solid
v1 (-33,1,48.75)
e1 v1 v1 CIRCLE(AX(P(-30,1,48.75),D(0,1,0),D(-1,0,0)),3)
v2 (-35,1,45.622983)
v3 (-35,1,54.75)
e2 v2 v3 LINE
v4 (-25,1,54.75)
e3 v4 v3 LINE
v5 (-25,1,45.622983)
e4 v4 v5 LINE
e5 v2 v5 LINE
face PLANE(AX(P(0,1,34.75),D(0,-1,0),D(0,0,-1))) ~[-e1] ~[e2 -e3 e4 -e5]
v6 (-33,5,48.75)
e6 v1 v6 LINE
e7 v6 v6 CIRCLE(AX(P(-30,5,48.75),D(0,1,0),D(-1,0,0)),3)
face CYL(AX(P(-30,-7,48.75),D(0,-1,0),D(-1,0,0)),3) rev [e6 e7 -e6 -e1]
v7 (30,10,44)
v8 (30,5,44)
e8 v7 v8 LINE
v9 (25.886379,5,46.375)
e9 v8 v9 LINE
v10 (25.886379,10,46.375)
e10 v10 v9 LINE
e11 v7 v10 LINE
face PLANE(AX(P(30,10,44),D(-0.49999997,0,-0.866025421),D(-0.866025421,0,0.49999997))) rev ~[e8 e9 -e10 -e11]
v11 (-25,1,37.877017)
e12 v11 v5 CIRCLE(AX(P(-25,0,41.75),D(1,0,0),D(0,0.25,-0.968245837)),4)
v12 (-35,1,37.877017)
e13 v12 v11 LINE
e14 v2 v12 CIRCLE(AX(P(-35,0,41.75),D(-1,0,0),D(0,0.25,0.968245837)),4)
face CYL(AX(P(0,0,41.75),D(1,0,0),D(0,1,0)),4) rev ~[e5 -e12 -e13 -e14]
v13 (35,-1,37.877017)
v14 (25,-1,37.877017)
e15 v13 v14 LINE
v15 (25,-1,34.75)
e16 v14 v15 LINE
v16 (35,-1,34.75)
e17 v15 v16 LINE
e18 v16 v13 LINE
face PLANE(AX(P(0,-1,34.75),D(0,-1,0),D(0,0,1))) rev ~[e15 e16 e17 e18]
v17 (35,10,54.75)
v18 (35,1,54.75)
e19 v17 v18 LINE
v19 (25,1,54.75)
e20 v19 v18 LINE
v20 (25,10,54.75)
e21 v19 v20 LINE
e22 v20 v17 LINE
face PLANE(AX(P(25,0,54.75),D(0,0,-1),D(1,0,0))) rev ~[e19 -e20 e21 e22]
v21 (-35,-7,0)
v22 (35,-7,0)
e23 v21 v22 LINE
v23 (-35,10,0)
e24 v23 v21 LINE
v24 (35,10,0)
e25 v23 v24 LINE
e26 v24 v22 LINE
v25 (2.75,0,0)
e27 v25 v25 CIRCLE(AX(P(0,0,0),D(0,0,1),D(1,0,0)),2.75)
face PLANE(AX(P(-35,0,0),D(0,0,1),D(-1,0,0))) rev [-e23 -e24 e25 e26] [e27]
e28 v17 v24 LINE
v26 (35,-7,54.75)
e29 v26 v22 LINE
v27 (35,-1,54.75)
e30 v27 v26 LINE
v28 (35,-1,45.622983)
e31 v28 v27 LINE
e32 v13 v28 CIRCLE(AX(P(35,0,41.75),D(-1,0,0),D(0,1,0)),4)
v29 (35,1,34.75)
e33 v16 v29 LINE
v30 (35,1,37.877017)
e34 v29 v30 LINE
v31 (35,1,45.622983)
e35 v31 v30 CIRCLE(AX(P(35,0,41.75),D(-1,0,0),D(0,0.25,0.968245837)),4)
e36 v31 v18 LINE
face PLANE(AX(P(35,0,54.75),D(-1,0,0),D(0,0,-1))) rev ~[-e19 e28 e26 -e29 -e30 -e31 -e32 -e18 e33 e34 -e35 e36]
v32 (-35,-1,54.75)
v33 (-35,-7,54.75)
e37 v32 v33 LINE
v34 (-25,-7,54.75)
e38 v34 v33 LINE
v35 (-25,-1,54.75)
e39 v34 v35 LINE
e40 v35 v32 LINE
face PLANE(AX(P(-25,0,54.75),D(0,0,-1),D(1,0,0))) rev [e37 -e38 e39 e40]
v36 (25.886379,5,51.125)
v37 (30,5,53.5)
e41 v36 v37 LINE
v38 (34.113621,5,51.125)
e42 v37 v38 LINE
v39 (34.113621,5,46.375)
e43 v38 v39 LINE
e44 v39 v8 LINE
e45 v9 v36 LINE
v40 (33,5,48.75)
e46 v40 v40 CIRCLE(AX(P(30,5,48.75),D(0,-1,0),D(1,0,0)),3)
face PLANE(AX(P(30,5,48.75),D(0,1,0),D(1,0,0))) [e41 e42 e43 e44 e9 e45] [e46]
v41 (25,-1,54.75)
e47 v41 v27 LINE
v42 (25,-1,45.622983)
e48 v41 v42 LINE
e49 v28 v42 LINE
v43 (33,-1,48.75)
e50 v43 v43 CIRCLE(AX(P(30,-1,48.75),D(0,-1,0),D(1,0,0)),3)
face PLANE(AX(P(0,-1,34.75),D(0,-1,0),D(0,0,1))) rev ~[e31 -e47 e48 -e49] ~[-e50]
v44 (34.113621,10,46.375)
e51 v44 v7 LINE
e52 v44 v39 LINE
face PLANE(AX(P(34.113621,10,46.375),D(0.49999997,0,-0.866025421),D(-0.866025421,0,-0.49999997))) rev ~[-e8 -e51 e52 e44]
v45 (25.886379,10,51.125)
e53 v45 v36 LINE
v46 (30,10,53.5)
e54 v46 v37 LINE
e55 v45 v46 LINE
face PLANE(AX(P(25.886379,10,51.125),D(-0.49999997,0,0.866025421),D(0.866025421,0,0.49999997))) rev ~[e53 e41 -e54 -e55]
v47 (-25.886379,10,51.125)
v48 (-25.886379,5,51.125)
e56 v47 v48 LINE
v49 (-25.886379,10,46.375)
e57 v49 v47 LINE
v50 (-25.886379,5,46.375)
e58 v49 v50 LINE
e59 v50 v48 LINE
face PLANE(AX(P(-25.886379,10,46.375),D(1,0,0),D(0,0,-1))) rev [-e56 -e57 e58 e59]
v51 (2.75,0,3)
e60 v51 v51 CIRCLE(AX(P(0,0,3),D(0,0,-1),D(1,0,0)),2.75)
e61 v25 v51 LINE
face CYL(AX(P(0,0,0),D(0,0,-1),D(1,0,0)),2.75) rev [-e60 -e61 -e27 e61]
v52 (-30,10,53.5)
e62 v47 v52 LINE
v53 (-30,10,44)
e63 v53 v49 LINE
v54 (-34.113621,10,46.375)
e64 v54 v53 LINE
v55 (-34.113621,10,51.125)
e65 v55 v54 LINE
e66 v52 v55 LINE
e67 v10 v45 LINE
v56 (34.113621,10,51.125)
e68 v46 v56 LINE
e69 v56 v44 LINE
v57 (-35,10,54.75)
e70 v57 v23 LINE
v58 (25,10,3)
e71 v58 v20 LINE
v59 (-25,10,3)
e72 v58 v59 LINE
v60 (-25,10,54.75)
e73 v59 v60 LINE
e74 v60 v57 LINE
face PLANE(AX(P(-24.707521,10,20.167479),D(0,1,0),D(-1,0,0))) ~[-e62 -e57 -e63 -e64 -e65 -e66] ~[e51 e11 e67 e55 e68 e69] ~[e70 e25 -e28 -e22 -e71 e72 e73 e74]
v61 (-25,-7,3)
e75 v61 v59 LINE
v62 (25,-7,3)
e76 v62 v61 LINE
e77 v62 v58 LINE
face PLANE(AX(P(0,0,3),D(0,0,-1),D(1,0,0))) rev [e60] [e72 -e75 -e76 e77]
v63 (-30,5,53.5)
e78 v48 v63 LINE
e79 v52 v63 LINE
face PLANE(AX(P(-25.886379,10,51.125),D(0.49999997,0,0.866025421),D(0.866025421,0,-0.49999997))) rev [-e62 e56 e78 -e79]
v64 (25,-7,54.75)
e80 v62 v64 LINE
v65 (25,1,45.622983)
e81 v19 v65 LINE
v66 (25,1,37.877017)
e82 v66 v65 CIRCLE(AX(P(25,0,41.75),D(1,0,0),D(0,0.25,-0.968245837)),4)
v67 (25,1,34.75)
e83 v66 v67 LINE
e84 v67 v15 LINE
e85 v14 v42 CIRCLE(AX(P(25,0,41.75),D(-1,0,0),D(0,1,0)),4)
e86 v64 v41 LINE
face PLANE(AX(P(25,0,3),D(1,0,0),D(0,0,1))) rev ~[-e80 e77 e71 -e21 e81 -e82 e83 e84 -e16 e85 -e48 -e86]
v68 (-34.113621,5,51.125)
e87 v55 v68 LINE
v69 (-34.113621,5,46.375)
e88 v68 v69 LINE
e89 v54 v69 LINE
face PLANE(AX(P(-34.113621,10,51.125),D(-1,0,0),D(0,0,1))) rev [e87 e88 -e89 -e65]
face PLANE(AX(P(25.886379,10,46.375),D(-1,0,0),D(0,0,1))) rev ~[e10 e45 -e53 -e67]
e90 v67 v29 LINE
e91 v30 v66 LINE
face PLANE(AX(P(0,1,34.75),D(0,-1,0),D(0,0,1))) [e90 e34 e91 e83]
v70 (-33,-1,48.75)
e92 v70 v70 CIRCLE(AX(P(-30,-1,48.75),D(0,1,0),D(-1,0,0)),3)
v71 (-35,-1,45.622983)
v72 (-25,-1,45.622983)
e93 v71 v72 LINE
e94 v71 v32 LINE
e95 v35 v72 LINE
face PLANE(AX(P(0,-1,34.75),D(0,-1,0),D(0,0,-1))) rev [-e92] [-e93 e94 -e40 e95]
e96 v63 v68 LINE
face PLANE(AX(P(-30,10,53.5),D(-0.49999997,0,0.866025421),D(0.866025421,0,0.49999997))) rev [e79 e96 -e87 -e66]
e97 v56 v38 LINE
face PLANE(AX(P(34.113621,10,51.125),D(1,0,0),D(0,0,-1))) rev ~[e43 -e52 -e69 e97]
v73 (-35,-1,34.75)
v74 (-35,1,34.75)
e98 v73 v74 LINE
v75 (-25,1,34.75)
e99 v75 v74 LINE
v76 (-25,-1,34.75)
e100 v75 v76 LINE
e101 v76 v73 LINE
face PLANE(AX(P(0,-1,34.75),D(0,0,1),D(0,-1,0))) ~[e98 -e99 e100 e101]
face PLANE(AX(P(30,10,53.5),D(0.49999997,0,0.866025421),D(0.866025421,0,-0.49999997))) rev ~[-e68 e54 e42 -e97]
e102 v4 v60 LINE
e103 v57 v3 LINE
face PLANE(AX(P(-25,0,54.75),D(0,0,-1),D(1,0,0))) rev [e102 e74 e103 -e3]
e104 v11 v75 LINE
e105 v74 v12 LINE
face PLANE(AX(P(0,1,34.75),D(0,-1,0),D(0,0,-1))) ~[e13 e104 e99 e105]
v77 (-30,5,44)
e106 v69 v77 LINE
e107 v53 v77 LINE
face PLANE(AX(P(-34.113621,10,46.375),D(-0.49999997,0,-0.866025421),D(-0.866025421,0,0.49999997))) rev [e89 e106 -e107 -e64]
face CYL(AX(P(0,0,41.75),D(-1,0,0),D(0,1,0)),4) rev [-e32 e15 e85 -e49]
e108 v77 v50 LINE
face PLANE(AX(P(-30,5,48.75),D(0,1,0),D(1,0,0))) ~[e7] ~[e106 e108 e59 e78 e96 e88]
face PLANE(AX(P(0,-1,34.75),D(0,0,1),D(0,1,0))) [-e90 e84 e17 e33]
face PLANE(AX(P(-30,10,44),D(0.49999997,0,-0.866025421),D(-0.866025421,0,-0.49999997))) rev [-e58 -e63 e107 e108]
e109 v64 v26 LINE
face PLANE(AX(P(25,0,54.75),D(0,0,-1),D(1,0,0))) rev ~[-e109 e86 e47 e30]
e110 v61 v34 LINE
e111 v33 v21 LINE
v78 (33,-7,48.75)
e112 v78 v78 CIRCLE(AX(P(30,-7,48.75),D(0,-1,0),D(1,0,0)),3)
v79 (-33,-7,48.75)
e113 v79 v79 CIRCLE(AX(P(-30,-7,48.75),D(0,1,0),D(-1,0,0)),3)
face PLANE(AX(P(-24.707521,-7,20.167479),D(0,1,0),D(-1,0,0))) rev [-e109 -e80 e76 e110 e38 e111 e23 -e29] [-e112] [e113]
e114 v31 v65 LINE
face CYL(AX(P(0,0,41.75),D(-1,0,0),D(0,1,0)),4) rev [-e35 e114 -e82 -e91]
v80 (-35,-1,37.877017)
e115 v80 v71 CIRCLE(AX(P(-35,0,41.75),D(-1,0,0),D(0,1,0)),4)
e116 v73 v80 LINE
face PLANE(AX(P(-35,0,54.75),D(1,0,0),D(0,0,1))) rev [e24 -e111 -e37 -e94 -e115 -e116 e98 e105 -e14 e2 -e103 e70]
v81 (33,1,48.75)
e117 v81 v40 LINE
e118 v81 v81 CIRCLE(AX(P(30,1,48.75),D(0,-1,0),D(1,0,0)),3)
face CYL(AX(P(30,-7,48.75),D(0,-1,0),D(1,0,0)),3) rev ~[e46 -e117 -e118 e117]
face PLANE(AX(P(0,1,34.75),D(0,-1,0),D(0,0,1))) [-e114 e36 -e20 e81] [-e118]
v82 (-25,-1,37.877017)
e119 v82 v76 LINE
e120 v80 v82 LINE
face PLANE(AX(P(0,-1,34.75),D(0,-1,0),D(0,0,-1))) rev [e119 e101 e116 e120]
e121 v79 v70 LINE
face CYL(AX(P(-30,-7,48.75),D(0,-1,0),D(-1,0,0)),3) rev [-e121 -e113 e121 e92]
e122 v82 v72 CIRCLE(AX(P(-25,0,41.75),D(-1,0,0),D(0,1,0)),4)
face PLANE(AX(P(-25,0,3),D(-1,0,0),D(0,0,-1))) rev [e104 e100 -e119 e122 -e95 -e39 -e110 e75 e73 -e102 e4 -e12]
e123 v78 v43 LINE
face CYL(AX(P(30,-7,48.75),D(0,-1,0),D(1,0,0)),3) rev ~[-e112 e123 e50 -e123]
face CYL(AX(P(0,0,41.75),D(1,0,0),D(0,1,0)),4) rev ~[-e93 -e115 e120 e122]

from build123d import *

# Parameters (mm, degrees)
PAD_DEPTH       = 7
PAD_DEPTH_BACK  = 10
SKETCH003_R     = 4
POCKET_DEPTH    = 35.001
SKETCH004_R     = 3
POCKET001_DEPTH = 17.001
POCKET003_DEPTH = 5
SKETCH007_W     = 2
SKETCH007_H     = 20
POCKET004_DEPTH = 35.001
SKETCH008_R     = 2.75
POCKET005_DEPTH = 54.751


with BuildPart() as part:
    # Sketch → Pad (new body, two sides)
    with BuildSketch(Plane.XZ) as pad_sk:
        Polygon((0, 0), (0, 3), (25, 3), (25, 54.75), (35, 54.75), (35, 0), align=None)
    extrude(amount=PAD_DEPTH)
    extrude(pad_sk.sketch, amount=-PAD_DEPTH_BACK)

    # Sketch003 → Pocket (cut, through all)
    with BuildSketch(Plane.YZ):
        with Locations((0, 41.75)):
            Circle(SKETCH003_R)
    extrude(amount=POCKET_DEPTH, mode=Mode.SUBTRACT)

    # Sketch004 (on Face5 of Pocket) → Pocket001 (cut, through all)
    with BuildSketch(Plane.XZ.offset(7)):
        with Locations((30, 48.75)):
            Circle(SKETCH004_R)
    extrude(amount=-POCKET001_DEPTH, mode=Mode.SUBTRACT)

    # Sketch006 → Pocket003 (cut)
    with BuildSketch(Plane(origin=(0, 10, 0), x_dir=(1, 0, 0), z_dir=(0, 1, 0))):
        Polygon((30, -44), (25.886379, -46.375), (25.886379, -51.125), (30, -53.5), (34.113621, -51.125), (34.113621, -46.375), align=None)
    extrude(amount=-POCKET003_DEPTH, mode=Mode.SUBTRACT)

    # Sketch007 → Pocket004 (cut, through all)
    with BuildSketch(Plane.YZ):
        with Locations((0, 44.75)):
            Rectangle(SKETCH007_W, SKETCH007_H)
    extrude(amount=POCKET004_DEPTH, mode=Mode.SUBTRACT)

    # Mirrored: part across YZ


with BuildPart() as part_1:
    add(part.part)
    add(part.part.mirror(Plane.YZ))

    # Sketch008 → Pocket005 (cut, through all)
    with BuildSketch(Plane.XY):
        Circle(SKETCH008_R)
    extrude(amount=POCKET005_DEPTH, mode=Mode.SUBTRACT)


solid = part_1.part
